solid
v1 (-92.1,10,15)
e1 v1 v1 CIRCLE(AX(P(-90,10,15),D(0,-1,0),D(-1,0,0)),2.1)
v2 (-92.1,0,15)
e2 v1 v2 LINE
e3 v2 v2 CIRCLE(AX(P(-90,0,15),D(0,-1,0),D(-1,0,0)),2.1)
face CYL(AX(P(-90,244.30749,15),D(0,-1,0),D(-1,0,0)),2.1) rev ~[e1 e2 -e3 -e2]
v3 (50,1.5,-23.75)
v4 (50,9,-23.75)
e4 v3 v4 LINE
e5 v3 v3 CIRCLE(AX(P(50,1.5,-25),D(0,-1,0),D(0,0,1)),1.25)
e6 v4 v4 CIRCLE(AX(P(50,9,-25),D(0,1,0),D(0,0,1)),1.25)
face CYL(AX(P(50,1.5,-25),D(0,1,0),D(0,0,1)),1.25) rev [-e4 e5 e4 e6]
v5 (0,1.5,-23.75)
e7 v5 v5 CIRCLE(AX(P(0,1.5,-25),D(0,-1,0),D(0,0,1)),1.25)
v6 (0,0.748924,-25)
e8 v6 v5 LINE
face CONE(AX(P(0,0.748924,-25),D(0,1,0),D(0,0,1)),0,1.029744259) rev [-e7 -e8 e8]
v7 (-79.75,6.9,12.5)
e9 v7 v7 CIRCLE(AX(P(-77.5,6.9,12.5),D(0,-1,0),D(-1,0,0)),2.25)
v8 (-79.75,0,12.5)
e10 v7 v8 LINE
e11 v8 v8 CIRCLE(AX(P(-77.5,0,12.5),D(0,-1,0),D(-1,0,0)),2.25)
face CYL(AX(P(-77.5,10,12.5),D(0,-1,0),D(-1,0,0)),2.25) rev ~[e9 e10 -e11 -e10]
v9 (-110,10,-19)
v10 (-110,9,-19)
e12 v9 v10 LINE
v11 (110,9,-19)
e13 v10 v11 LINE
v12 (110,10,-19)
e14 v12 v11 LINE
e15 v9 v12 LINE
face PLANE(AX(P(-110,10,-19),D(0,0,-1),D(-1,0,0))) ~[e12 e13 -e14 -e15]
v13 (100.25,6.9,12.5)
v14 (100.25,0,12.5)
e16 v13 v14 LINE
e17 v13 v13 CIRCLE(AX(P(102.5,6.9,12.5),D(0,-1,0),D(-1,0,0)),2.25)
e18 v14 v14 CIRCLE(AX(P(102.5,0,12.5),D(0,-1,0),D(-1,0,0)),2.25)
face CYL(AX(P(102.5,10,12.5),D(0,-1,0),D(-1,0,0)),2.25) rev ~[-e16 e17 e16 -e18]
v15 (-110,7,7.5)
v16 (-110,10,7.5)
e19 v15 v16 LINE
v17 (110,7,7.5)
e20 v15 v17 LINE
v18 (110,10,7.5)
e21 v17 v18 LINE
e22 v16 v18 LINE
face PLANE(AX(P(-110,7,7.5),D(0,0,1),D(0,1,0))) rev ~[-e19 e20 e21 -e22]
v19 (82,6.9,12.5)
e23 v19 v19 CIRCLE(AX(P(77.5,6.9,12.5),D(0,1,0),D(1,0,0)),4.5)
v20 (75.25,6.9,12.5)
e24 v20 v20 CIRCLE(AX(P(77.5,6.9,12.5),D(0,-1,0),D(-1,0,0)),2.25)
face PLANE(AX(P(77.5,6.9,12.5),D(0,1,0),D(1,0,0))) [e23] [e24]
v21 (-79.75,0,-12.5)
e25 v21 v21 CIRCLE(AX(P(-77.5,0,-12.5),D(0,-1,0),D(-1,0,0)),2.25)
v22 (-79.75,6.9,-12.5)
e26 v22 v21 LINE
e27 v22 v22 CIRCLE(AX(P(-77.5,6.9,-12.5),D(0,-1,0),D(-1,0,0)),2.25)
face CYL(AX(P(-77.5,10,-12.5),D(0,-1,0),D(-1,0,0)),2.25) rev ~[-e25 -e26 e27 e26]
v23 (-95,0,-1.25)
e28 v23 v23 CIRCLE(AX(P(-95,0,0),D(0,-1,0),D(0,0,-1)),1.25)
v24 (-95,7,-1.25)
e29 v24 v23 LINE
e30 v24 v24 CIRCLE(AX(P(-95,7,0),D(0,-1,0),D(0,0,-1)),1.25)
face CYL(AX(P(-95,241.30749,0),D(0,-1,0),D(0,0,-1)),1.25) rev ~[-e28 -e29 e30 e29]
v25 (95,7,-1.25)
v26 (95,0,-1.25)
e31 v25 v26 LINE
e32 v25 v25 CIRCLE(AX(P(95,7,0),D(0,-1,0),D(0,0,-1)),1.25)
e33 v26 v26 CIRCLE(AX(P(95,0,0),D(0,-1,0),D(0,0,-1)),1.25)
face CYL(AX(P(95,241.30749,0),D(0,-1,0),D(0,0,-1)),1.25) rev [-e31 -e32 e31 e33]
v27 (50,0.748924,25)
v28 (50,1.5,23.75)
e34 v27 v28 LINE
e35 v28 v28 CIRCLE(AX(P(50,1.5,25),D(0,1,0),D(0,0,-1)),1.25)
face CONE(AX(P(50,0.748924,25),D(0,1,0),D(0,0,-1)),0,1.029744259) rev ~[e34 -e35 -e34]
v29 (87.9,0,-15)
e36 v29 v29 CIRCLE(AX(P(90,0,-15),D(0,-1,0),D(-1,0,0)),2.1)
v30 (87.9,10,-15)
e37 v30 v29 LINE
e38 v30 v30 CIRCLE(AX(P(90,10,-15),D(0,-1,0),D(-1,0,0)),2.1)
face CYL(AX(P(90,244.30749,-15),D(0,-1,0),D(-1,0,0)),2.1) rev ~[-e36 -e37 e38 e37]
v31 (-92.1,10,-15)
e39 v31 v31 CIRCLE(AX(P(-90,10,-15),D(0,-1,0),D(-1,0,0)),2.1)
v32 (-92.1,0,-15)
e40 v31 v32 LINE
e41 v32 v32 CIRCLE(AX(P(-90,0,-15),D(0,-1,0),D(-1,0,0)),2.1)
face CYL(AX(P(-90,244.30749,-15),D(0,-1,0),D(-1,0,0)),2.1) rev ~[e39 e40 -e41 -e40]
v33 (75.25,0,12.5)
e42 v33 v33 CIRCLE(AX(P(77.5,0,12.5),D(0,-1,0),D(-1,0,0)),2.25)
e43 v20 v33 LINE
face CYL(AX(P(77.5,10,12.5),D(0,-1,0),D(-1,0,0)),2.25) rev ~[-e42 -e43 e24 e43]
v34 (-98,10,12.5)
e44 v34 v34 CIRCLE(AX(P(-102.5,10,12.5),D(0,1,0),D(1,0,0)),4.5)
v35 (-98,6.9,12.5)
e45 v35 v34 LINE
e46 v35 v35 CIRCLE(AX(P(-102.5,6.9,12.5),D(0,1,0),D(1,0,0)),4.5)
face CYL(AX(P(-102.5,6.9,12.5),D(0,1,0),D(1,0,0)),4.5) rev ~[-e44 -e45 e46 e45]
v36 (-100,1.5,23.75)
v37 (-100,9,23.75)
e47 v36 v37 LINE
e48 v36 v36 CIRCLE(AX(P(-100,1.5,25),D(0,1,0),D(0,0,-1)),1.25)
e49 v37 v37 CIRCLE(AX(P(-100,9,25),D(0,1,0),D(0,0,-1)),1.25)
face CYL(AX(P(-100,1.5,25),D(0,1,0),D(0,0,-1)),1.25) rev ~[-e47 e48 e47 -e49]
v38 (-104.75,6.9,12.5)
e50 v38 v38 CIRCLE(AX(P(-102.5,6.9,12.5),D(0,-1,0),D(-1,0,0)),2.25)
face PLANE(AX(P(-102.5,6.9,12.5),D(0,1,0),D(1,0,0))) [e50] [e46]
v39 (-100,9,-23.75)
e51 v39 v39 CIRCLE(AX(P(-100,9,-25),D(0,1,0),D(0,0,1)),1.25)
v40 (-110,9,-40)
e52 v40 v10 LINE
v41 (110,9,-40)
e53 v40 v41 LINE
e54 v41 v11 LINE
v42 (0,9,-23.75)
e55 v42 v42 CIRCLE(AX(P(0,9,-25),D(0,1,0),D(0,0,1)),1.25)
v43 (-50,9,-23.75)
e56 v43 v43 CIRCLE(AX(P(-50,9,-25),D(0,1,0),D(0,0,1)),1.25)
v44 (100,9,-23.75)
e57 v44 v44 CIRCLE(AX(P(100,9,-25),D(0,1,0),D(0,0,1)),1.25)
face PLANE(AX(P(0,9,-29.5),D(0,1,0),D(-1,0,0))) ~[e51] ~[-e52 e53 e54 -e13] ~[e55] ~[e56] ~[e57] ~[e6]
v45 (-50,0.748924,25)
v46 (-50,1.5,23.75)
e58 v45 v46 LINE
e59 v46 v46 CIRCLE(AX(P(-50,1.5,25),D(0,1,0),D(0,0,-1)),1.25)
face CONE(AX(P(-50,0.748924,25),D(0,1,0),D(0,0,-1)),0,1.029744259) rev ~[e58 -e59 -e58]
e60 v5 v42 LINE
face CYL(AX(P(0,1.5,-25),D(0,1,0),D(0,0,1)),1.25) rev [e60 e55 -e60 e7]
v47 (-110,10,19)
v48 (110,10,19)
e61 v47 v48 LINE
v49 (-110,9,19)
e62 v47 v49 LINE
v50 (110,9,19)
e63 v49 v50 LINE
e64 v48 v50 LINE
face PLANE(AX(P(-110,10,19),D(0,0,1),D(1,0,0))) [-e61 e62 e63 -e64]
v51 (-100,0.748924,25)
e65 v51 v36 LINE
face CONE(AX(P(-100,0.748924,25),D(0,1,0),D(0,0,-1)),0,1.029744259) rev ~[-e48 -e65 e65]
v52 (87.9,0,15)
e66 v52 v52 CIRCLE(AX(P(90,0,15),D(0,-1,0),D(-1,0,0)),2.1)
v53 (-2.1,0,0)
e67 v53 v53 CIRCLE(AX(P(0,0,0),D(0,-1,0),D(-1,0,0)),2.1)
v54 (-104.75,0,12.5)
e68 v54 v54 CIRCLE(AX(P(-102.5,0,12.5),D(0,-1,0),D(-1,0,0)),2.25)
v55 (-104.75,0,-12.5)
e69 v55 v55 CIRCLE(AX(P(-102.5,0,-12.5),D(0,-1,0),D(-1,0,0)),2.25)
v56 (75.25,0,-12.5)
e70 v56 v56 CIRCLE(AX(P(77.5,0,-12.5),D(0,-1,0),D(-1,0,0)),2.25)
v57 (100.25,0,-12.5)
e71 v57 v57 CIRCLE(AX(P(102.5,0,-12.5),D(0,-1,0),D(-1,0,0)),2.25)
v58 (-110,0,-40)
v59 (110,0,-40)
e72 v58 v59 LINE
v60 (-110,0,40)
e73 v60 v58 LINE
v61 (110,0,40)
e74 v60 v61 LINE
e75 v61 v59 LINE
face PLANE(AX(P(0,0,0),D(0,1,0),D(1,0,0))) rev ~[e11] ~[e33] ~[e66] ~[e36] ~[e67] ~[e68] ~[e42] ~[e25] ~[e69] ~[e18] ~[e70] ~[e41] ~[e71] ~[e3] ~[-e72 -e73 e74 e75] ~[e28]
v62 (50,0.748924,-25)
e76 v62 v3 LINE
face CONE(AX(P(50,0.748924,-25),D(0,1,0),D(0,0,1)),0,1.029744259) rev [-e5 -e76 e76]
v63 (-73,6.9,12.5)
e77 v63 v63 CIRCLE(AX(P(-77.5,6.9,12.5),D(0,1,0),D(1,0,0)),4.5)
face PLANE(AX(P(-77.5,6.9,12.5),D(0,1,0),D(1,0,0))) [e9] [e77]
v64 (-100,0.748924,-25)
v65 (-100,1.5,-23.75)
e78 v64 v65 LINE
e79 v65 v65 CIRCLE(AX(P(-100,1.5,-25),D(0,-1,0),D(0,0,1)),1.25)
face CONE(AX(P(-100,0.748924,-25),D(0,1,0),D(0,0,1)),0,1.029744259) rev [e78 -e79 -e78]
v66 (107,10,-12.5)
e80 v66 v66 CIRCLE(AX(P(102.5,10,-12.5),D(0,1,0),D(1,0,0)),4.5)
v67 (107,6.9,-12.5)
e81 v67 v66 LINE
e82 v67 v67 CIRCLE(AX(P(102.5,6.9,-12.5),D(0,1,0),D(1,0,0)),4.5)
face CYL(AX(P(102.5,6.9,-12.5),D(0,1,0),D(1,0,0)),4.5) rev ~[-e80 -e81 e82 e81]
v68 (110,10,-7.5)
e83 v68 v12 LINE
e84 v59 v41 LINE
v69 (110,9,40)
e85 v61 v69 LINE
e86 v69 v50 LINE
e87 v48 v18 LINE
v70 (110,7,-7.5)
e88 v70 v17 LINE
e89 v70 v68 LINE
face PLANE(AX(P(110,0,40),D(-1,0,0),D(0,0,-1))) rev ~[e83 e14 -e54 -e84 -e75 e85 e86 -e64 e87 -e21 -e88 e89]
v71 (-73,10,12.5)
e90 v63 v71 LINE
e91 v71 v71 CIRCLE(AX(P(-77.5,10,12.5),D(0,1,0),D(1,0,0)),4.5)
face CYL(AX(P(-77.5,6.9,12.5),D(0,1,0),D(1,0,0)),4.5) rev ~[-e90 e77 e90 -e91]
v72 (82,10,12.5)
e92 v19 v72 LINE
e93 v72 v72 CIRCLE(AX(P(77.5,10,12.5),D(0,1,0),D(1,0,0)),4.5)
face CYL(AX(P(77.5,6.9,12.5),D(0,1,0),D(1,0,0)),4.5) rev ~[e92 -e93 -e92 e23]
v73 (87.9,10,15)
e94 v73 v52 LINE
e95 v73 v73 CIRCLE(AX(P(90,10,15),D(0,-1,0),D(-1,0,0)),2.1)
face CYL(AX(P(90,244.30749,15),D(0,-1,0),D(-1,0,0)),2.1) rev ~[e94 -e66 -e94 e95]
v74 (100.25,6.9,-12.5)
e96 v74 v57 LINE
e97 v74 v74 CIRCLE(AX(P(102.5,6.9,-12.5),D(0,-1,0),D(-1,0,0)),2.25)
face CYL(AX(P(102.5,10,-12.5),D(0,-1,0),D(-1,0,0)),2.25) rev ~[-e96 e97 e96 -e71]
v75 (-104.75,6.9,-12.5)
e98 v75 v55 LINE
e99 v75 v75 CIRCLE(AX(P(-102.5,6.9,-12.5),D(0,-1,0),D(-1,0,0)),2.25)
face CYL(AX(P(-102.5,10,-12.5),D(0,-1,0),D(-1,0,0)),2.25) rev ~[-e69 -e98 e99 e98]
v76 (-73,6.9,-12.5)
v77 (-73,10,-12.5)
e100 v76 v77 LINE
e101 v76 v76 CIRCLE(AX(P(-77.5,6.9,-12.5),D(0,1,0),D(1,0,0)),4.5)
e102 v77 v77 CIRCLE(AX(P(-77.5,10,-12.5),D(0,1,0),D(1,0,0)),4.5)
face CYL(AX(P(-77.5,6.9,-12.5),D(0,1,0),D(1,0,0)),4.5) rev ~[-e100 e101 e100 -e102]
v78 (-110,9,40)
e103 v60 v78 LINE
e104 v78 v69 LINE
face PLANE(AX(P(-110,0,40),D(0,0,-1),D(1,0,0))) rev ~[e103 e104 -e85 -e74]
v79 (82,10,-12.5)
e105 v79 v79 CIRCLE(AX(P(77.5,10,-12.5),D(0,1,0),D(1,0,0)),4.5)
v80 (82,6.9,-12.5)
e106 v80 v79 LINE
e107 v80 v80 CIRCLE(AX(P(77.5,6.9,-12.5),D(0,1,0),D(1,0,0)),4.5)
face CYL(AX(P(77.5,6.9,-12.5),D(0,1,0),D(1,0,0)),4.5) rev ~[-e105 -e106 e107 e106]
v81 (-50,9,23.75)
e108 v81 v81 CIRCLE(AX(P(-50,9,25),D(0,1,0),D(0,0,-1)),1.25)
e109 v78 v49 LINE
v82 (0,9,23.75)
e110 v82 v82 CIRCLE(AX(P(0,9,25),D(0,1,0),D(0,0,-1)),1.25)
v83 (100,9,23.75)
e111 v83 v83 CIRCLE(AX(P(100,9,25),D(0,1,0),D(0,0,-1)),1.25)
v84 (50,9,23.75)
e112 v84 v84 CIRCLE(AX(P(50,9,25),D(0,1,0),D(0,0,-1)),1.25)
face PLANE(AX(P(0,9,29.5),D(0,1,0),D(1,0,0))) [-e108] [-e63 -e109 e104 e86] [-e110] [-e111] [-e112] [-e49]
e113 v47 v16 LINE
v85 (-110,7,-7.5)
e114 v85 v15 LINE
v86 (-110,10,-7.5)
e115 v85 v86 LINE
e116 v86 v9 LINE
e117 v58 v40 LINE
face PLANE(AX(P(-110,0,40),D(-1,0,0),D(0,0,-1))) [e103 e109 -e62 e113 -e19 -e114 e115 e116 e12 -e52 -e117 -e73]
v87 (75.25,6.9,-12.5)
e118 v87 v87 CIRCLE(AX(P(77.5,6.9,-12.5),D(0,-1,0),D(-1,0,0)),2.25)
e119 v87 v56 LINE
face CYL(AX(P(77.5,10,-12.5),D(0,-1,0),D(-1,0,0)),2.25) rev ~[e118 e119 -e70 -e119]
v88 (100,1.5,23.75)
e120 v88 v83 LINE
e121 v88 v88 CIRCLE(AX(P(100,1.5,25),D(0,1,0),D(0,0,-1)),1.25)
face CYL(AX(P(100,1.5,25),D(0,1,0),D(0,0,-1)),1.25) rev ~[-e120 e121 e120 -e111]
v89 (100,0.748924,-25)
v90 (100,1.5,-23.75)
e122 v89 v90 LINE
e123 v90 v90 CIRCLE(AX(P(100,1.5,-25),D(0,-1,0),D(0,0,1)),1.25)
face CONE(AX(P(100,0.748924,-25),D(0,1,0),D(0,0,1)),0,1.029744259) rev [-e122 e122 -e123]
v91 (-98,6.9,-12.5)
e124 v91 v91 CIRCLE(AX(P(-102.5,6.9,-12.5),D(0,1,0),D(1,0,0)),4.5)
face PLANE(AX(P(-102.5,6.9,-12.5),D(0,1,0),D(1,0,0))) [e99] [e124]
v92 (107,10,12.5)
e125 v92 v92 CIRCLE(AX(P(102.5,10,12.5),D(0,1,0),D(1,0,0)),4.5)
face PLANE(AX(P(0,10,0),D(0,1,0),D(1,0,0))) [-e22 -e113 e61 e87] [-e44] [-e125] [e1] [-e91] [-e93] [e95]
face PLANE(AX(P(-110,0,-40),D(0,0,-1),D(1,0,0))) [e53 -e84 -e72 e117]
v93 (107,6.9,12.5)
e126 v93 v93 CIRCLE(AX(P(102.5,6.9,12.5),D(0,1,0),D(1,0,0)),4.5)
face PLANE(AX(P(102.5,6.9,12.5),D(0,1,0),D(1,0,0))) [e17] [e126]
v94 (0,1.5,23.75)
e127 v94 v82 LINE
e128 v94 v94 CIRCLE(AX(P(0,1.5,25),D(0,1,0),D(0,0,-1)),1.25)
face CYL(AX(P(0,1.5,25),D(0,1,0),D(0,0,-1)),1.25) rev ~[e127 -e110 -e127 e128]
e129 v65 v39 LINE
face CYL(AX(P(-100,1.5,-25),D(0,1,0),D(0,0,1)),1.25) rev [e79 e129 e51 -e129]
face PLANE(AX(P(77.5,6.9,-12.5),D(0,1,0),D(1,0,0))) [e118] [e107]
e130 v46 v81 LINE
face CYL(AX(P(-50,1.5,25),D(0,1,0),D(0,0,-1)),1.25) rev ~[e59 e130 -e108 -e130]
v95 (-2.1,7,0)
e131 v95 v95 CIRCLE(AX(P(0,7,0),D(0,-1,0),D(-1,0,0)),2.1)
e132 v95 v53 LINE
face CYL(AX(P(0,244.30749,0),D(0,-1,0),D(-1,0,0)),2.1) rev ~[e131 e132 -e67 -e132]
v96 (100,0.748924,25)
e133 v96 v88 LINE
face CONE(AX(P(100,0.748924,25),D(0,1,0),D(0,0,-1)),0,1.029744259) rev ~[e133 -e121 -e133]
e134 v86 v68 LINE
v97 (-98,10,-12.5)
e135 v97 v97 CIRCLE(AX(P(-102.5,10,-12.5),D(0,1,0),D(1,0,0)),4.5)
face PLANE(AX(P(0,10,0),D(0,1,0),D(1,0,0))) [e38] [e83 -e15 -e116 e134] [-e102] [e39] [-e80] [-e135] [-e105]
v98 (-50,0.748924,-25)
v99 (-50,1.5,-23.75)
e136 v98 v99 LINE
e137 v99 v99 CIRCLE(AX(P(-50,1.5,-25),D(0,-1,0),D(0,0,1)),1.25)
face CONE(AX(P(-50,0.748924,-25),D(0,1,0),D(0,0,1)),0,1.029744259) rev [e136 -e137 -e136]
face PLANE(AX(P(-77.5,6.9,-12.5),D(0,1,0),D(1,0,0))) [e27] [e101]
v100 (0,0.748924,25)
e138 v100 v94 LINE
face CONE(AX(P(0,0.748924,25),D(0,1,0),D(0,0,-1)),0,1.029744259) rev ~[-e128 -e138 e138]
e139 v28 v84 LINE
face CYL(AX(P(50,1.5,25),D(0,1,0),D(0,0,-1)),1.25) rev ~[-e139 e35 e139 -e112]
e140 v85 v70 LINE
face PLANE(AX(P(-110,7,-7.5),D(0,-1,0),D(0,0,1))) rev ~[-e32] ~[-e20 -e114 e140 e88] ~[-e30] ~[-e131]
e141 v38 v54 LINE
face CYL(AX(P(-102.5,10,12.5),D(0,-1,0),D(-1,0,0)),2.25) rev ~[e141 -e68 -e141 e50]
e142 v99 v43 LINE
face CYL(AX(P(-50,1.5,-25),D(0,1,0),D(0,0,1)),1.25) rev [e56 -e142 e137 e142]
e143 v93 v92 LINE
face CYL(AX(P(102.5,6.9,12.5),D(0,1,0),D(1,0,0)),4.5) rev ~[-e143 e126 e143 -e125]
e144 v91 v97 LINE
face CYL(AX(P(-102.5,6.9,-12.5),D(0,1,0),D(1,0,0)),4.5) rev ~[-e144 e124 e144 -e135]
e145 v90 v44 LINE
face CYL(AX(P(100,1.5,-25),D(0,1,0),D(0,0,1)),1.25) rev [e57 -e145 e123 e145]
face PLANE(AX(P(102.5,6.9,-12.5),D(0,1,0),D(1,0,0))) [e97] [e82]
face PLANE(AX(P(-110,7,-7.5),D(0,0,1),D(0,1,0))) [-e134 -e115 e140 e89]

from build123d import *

# Parameters (mm, degrees)
SKIZZE1_W                                            = 220
SKIZZE1_H                                            = 80
AUFSATZ_LINEAR_AUSTRAGEN1_DEPTH                      = 10
STIRNSENKUNG_F_R_M4_FLACHKOPFSCHRAUBE_MI_D           = 4.5
STIRNSENKUNG_F_R_M4_FLACHKOPFSCHRAUBE_MI_DEPTH       = 11.5
STIRNSENKUNG_F_R_M4_FLACHKOPFSCHRAUBE_MI_CBORE_D     = 9
STIRNSENKUNG_F_R_M4_FLACHKOPFSCHRAUBE_MI_CBORE_DEPTH = 3.1
STIRNSENKUNG_F_R_M4_FLACHKOPFSCHRAUBE_MI_TIP         = 1.351936393
M3_GEWINDEBOHRUNG1_AT_2_COUNT                        = 2
M3_GEWINDEBOHRUNG1_AT_2_PITCH                        = 50
M3_GEWINDEBOHRUNG1_AT_3_COUNT                        = 2
M3_GEWINDEBOHRUNG1_AT_3_PITCH                        = 100
M3_GEWINDEBOHRUNG1_AT_4_COUNT                        = 2
M3_GEWINDEBOHRUNG1_AT_4_PITCH                        = 150
M3_GEWINDEBOHRUNG1_AT_5_COUNT                        = 2
M3_GEWINDEBOHRUNG1_AT_5_PITCH                        = 50
M3_GEWINDEBOHRUNG1_AT_6_COUNT                        = 2
M3_GEWINDEBOHRUNG1_AT_6_PITCH                        = 200
M3_GEWINDEBOHRUNG1_AT_7_COUNT                        = 2
M3_GEWINDEBOHRUNG1_AT_7_PITCH                        = 250
SKIZZE8_W                                            = 15
SKIZZE8_H                                            = 3
SCHNITT_LINEAR_AUSTRAGEN1_DEPTH                      = 224.830292856
M5_GEWINDEBOHRUNG1_D                                 = 4.2
SKIZZE13_W                                           = 220
SKIZZE13_H                                           = 21
SCHNITT_LINEAR_AUSTRAGEN2_DEPTH                      = 1
M3_GEWINDEBOHRUNG2_D                                 = 2.5


with BuildPart() as part:
    # Skizze1 → Aufsatz-Linear austragen1 (new body)
    with BuildSketch(Plane(origin=(0, 0, 0), x_dir=(1, 0, 0), z_dir=(0, 1, 0))):
        Rectangle(SKIZZE1_W, SKIZZE1_H)
    extrude(amount=AUFSATZ_LINEAR_AUSTRAGEN1_DEPTH)

    # Stirnsenkung für M4 Flachkopfschraube mit Schlitz1
    with Locations(Plane(origin=(0, 10, 0), x_dir=(1, 0, 0), z_dir=(0, 1, 0))):
        with Locations((-102.5, 12.5), (-77.5, 12.5), (-77.5, -12.5), (-102.5, -12.5), (102.5, -12.5), (77.5, -12.5), (77.5, 12.5), (102.5, 12.5)):
            CounterBoreHole(STIRNSENKUNG_F_R_M4_FLACHKOPFSCHRAUBE_MI_D / 2, STIRNSENKUNG_F_R_M4_FLACHKOPFSCHRAUBE_MI_CBORE_D / 2, STIRNSENKUNG_F_R_M4_FLACHKOPFSCHRAUBE_MI_CBORE_DEPTH, depth=STIRNSENKUNG_F_R_M4_FLACHKOPFSCHRAUBE_MI_DEPTH)
            with Locations((0, 0, -(STIRNSENKUNG_F_R_M4_FLACHKOPFSCHRAUBE_MI_DEPTH + STIRNSENKUNG_F_R_M4_FLACHKOPFSCHRAUBE_MI_TIP / 2))):  # 118° drill point
                Cone(0, STIRNSENKUNG_F_R_M4_FLACHKOPFSCHRAUBE_MI_D / 2, STIRNSENKUNG_F_R_M4_FLACHKOPFSCHRAUBE_MI_TIP, mode=Mode.SUBTRACT)

    # Skizze7 → M3 Gewindebohrung1 (revolve, cut)
    with BuildSketch(Plane(origin=(-50, 10, -25), x_dir=(0, 0, 1), z_dir=(1, 0, 0))):
        Polygon((0, 0), (0, 9.251075774), (1.25, 8.5), (1.25, 0), align=None)
    m3_gewindebohrung1 = revolve(axis=Axis((-50, 16.35, -25), (0, -1, 0)), mode=Mode.SUBTRACT)

    # M3 Gewindebohrung1 at 2: M3 Gewindebohrung1 ×2
    with Locations(*[(i * M3_GEWINDEBOHRUNG1_AT_2_PITCH, 0, 0) for i in range(1, M3_GEWINDEBOHRUNG1_AT_2_COUNT)]):
        add(m3_gewindebohrung1, mode=Mode.SUBTRACT)

    # M3 Gewindebohrung1 at 3: M3 Gewindebohrung1 ×2
    with Locations(*[(i * M3_GEWINDEBOHRUNG1_AT_3_PITCH, 0, 0) for i in range(1, M3_GEWINDEBOHRUNG1_AT_3_COUNT)]):
        add(m3_gewindebohrung1, mode=Mode.SUBTRACT)

    # M3 Gewindebohrung1 at 4: M3 Gewindebohrung1 ×2
    with Locations(*[(i * M3_GEWINDEBOHRUNG1_AT_4_PITCH, 0, 0) for i in range(1, M3_GEWINDEBOHRUNG1_AT_4_COUNT)]):
        add(m3_gewindebohrung1, mode=Mode.SUBTRACT)

    # M3 Gewindebohrung1 at 5: M3 Gewindebohrung1 ×2
    with Locations(*[(-i * M3_GEWINDEBOHRUNG1_AT_5_PITCH, 0, 0) for i in range(1, M3_GEWINDEBOHRUNG1_AT_5_COUNT)]):
        add(m3_gewindebohrung1, mode=Mode.SUBTRACT)

    # M3 Gewindebohrung1 at 6: M3 Gewindebohrung1 ×2
    with Locations(*[(i * M3_GEWINDEBOHRUNG1_AT_6_PITCH, 0, 0) for i in range(1, M3_GEWINDEBOHRUNG1_AT_6_COUNT)]):
        add(m3_gewindebohrung1, mode=Mode.SUBTRACT)

    # M3 Gewindebohrung1 at 7: M3 Gewindebohrung1 ×2
    with Locations(*[(i * M3_GEWINDEBOHRUNG1_AT_7_PITCH, 0, 0) for i in range(1, M3_GEWINDEBOHRUNG1_AT_7_COUNT)]):
        add(m3_gewindebohrung1, mode=Mode.SUBTRACT)

    # Skizze8 → Schnitt-Linear austragen1 (cut, through all)
    with BuildSketch(Plane.ZY.offset(110)):
        with Locations((0, 8.5)):
            Rectangle(SKIZZE8_W, SKIZZE8_H)
    extrude(amount=-SCHNITT_LINEAR_AUSTRAGEN1_DEPTH, mode=Mode.SUBTRACT)

    # Spiegeln1: M3 Gewindebohrung1 across plane
    add(m3_gewindebohrung1.mirror(Plane.XY), mode=Mode.SUBTRACT)

    # Spiegeln1 copy 1 sketch → Spiegeln1 copy 1 (revolve, cut)
    with BuildSketch(Plane(origin=(0, 10, 25), x_dir=(0, 0, -1), z_dir=(1, 0, 0))):
        Polygon((0, 0), (0, -9.251075774), (1.25, -8.5), (1.25, 0), align=None)
    revolve(axis=Axis((0, 16.35, 25), (0, 1, 0)), mode=Mode.SUBTRACT)

    # Spiegeln1 copy 2 sketch → Spiegeln1 copy 2 (revolve, cut)
    with BuildSketch(Plane(origin=(50, 10, 25), x_dir=(0, 0, -1), z_dir=(1, 0, 0))):
        Polygon((0, 0), (0, -9.251075774), (1.25, -8.5), (1.25, 0), align=None)
    revolve(axis=Axis((50, 16.35, 25), (0, 1, 0)), mode=Mode.SUBTRACT)

    # Spiegeln1 copy 3 sketch → Spiegeln1 copy 3 (revolve, cut)
    with BuildSketch(Plane(origin=(100, 10, 25), x_dir=(0, 0, -1), z_dir=(1, 0, 0))):
        Polygon((0, 0), (0, -9.251075774), (1.25, -8.5), (1.25, 0), align=None)
    revolve(axis=Axis((100, 16.35, 25), (0, 1, 0)), mode=Mode.SUBTRACT)

    # Spiegeln1 copy 4 sketch → Spiegeln1 copy 4 (revolve, cut)
    with BuildSketch(Plane(origin=(-100, 10, 25), x_dir=(0, 0, -1), z_dir=(1, 0, 0))):
        Polygon((0, 0), (0, -9.251075774), (1.25, -8.5), (1.25, 0), align=None)
    revolve(axis=Axis((-100, 16.35, 25), (0, 1, 0)), mode=Mode.SUBTRACT)

    # Spiegeln1 copy 5 sketch → Spiegeln1 copy 5 (revolve, cut)
    with BuildSketch(Plane(origin=(150, 10, 25), x_dir=(0, 0, -1), z_dir=(1, 0, 0))):
        Polygon((0, 0), (0, -9.251075774), (1.25, -8.5), (1.25, 0), align=None)
    revolve(axis=Axis((150, 16.35, 25), (0, 1, 0)), mode=Mode.SUBTRACT)

    # Spiegeln1 copy 6 sketch → Spiegeln1 copy 6 (revolve, cut)
    with BuildSketch(Plane(origin=(200, 10, 25), x_dir=(0, 0, -1), z_dir=(1, 0, 0))):
        Polygon((0, 0), (0, -9.251075774), (1.25, -8.5), (1.25, 0), align=None)
    revolve(axis=Axis((200, 16.35, 25), (0, 1, 0)), mode=Mode.SUBTRACT)

    # M5 Gewindebohrung1 (through all)
    with Locations(Plane(origin=(0, 10, 0), x_dir=(1, 0, 0), z_dir=(0, 1, 0))):
        with Locations((90, -15), (90, 15), (-90, 15), (-90, -15), (0, 0)):
            Hole(M5_GEWINDEBOHRUNG1_D / 2)

    # Skizze13 → Schnitt-Linear austragen2 (cut)
    with BuildSketch(Plane(origin=(0, 10, 0), x_dir=(1, 0, 0), z_dir=(0, 1, 0))):
        with Locations((0, -29.5)):
            Rectangle(SKIZZE13_W, SKIZZE13_H)
    schnitt_linear_austragen2 = extrude(amount=-SCHNITT_LINEAR_AUSTRAGEN2_DEPTH, mode=Mode.SUBTRACT)

    # Spiegeln2: Schnitt-Linear austragen2 across plane
    add(schnitt_linear_austragen2.mirror(Plane.XY), mode=Mode.SUBTRACT)

    # M3 Gewindebohrung2 (through all)
    with Locations(Plane(origin=(-95, 7, 0), x_dir=(0, 0, 1), z_dir=(0, 1, 0))):
        with Locations((0, 0)):
            m3_gewindebohrung2 = Hole(M3_GEWINDEBOHRUNG2_D / 2)

    # Spiegeln3: M3 Gewindebohrung2 across plane
    add(m3_gewindebohrung2.mirror(Plane(origin=(0, 0, 0), x_dir=(0, 0, 1), z_dir=(1, 0, 0))), mode=Mode.SUBTRACT)


solid = part.part
